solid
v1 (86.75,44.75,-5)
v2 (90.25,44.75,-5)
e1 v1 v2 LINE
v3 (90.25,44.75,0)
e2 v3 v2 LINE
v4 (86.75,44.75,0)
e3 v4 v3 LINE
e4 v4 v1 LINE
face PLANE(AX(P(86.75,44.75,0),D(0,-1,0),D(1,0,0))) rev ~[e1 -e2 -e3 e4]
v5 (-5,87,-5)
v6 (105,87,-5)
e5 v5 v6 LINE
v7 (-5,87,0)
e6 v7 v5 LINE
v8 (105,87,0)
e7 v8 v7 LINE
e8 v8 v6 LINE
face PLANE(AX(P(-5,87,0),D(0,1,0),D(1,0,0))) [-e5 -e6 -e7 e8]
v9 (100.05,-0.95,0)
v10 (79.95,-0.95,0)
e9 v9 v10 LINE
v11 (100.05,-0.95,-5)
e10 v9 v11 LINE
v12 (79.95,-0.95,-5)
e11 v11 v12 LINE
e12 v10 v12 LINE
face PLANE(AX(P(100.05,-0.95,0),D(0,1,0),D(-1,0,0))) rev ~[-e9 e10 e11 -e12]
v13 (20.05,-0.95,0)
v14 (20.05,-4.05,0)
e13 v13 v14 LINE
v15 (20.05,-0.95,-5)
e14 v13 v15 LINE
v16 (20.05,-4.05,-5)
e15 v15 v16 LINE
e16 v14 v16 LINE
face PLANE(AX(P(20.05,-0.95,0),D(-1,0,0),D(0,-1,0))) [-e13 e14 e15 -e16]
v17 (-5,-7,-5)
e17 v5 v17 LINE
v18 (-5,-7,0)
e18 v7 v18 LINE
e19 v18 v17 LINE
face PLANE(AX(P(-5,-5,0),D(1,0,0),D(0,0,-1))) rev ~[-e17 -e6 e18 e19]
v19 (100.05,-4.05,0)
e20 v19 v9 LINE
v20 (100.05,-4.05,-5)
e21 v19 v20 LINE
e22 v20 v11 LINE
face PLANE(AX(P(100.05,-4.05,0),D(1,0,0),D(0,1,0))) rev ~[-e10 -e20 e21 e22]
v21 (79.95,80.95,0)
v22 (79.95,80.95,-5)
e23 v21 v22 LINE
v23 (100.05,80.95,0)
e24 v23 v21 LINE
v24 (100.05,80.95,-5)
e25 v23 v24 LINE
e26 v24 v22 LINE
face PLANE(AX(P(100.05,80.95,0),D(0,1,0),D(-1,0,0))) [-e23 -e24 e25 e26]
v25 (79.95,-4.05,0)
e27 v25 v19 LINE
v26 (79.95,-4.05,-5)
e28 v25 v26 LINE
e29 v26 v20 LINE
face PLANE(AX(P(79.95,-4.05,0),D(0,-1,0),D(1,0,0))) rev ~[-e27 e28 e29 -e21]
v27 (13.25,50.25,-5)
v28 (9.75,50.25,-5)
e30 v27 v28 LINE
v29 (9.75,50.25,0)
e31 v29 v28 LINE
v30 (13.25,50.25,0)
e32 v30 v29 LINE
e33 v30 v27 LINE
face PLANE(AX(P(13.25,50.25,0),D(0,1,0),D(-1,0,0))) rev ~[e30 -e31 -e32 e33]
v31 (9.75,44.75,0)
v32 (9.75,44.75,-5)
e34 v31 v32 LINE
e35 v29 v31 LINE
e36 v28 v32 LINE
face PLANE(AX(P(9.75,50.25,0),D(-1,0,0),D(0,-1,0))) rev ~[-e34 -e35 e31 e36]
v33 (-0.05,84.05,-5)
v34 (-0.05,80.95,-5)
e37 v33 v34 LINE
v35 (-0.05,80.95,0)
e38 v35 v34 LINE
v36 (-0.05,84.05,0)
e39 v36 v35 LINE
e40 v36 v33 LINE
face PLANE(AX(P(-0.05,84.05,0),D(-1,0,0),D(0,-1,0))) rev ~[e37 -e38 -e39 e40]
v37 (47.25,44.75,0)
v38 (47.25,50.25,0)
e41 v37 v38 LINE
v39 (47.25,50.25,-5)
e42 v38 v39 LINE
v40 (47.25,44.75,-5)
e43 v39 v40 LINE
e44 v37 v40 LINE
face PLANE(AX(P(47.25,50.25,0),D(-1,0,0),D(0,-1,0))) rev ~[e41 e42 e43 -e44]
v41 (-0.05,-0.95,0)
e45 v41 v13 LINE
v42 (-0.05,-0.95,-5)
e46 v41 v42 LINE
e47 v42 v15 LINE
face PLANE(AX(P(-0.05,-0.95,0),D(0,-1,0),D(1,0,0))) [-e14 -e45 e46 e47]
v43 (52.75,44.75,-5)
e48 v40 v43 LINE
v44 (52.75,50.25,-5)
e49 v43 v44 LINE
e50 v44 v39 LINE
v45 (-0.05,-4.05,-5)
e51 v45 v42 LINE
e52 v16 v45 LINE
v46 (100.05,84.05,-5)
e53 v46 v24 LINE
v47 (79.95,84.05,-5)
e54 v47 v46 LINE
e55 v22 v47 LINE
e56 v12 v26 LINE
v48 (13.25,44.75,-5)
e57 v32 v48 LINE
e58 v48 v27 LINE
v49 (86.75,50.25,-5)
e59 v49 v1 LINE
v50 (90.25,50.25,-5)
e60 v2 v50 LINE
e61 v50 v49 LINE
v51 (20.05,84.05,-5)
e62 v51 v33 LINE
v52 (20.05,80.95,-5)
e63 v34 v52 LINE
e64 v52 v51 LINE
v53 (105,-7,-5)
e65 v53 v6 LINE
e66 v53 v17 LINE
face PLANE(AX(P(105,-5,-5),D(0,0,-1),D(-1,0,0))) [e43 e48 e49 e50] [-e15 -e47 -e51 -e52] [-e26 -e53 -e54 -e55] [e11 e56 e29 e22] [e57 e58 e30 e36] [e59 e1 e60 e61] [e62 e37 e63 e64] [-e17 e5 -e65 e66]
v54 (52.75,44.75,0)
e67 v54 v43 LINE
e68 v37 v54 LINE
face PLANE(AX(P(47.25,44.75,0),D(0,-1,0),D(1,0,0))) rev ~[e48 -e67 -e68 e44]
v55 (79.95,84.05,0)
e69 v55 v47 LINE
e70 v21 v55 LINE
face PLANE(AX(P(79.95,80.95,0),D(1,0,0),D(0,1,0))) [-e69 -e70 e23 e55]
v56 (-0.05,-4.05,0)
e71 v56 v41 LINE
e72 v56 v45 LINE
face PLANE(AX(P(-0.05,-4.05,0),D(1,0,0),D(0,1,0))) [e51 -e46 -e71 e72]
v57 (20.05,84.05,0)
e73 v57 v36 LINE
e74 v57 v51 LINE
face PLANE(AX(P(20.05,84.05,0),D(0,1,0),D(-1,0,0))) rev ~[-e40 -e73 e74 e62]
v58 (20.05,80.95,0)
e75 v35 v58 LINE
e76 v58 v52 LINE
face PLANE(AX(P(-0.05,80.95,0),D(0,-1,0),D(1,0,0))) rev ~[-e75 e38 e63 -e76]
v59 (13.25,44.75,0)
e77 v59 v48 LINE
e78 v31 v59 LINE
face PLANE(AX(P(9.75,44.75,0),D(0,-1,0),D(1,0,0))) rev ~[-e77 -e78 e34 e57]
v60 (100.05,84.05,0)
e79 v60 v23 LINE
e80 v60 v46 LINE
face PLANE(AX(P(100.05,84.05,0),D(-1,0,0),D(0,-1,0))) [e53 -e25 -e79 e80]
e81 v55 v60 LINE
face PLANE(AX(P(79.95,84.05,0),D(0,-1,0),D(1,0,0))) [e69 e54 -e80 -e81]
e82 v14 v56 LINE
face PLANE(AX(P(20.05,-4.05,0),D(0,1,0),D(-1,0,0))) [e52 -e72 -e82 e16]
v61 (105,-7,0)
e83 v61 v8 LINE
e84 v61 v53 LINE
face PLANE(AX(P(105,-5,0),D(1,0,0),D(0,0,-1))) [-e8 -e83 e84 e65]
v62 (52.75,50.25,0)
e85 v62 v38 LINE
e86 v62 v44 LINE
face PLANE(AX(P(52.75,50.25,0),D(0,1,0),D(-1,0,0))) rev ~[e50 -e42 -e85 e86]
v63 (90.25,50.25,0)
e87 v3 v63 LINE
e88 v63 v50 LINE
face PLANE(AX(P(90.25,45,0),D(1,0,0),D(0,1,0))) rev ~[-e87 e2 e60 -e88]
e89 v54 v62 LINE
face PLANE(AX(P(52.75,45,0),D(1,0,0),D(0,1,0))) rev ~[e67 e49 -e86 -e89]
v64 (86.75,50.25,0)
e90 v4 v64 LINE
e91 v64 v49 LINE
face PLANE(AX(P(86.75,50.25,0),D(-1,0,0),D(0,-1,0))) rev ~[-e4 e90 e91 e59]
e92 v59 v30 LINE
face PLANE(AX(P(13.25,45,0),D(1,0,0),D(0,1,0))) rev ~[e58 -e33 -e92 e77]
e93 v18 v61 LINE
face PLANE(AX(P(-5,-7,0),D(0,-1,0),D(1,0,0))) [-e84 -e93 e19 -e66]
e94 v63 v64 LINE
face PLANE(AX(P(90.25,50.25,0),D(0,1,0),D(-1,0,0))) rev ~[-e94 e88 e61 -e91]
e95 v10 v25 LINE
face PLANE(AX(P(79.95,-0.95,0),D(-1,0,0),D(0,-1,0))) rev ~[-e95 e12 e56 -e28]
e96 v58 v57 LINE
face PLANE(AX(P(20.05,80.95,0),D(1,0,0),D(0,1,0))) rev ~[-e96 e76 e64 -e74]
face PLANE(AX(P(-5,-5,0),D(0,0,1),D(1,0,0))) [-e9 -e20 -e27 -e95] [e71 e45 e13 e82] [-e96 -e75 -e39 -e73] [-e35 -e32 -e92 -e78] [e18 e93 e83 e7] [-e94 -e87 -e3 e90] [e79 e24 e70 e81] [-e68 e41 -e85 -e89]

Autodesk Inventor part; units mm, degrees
ref_plane "YZ Plane" through (0, 0, 0) normal (1, 0, 0) x (0, 1, 0)
ref_plane "XZ Plane" through (0, 0, 0) normal (0, 1, 0) x (-1, 0, 0)
ref_plane "XY Plane" through (0, 0, 0) normal (0, 0, 1) x (1, 0, 0)
sketch "Esquisse1" plane through (0, 0, 0) normal (0, 0, 1) x (1, 0, 0)
  line L0 (0, 0) -> (100, 0)
  line L1 (100, 0) -> (100, 80)
  line L2 (100, 80) -> (0, 80)
  line L3 (0, 80) -> (0, 0)
  dimension "d0" = 100
  dimension "d1" = 80
extrude "Extrusion1" add sketch "Esquisse1" against normal blind 5
sketch "Esquisse7" plane through (0, 0, 0) normal (0, 0, 1) x (1, 0, 0)
  line L0 (0, 0) -> (0, 45)
  line L1 (0, 0) -> (0, 80) projected
  line L2 (0, 45) -> (100, 45)
  line L3 (50, 45) -> (10, 45)
  line L4 (50, 45) -> (90, 45)
  line L5 (10, 45) -> (13, 45)
  line L6 (13, 45) -> (13, 50)
  line L7 (13, 50) -> (10, 50)
  line L8 (10, 50) -> (10, 45)
  line L9 (90, 45) -> (87, 45)
  line L10 (87, 45) -> (87, 50)
  line L11 (87, 50) -> (90, 50)
  line L12 (90, 50) -> (90, 45)
  line L13 (50, 45) -> (52.5, 45)
  line L14 (52.5, 45) -> (52.5, 50)
  line L15 (52.5, 50) -> (47.5, 50)
  line L16 (47.5, 50) -> (47.5, 45)
  line L17 (50, 45) -> (47.5, 45)
  line L18 (86.75, 44.75) -> (90.25, 44.75)
  line L19 (90.25, 44.75) -> (90.25, 50.25)
  line L20 (90.25, 50.25) -> (86.75, 50.25)
  line L21 (86.75, 50.25) -> (86.75, 44.75)
  line L22 (86.75, 44.75) -> (90.25, 50.25) construction
  line L23 (90.25, 44.75) -> (86.75, 50.25) construction
  line L24 (47.25, 44.75) -> (52.75, 44.75)
  line L25 (52.75, 44.75) -> (52.75, 50.25)
  line L26 (52.75, 50.25) -> (47.25, 50.25)
  line L27 (47.25, 50.25) -> (47.25, 44.75)
  line L28 (47.25, 44.75) -> (52.75, 50.25) construction
  line L29 (52.75, 44.75) -> (47.25, 50.25) construction
  line L30 (9.75, 44.75) -> (13.25, 44.75)
  line L31 (13.25, 44.75) -> (13.25, 50.25)
  line L32 (13.25, 50.25) -> (9.75, 50.25)
  line L33 (9.75, 50.25) -> (9.75, 44.75)
  line L34 (9.75, 44.75) -> (13.25, 50.25) construction
  line L35 (13.25, 44.75) -> (9.75, 50.25) construction
  point P0 (87, 45)
  point P1 (13, 45)
  point P2 (52.5, 45)
  point P3 (88.5, 47.5)
  point P4 (50, 47.5)
  point P5 (11.5, 47.5)
  point P6 (90.25, 45)
  point P7 (86.75, 45)
  point P8 (52.75, 45)
  point P9 (47.25, 45)
  point P10 (13.25, 45)
  point P11 (9.75, 45)
  point P12 (87, 45.05)
  point P13 (90, 45.05)
  dimension "d42" = 45
  dimension "d43" = 100
  dimension "d44" = 40
  dimension "d45" = 40
  dimension "d46" = 3
  dimension "d47" = 5
  dimension "d48" = 3
  dimension "d49" = 5
  dimension "d53" = 2.5
  dimension "d54" = 5
  dimension "d55" = 5
  dimension "d56" = 3.5
  dimension "d57" = 5.5
  dimension "d58" = 5.5
  dimension "d59" = 3.5
  dimension "d60" = 5.5
  dimension "d61" = 5.5
extrude "Extrusion2" cut sketch "Esquisse7" against normal through all
sketch "Esquisse8" plane through (0, 0, 0) normal (0, 0, 1) x (1, 0, 0)
  line L0 (0, 0) -> (0, 40)
  line L1 (0, 0) -> (0, 80) projected
  line L2 (0, 40) -> (50, 40)
  line L3 (100, 80) -> (100, 0) projected
  line L4 (-5, -5) -> (105, -5)
  line L5 (105, -5) -> (105, 85)
  line L6 (105, 85) -> (-5, 85)
  line L7 (-5, 85) -> (-5, -5)
  line L8 (-5, -5) -> (105, 85) construction
  line L9 (105, -5) -> (-5, 85) construction
  line L10 (100, 80) -> (0, 80) projected
  line L11 (0, 80) -> (0, 0) projected
  line L12 (0, 0) -> (100, 0) projected
  line L13 (100, 0) -> (100, 80) projected
  dimension "d62" = 40
  dimension "d63" = 50
  dimension "d64" = 110
  dimension "d65" = 90
extrude "Extrusion3" add sketch "Esquisse8" against normal blind 5
sketch "Esquisse9" plane through (0, 0, 0) normal (0, 0, 1) x (1, 0, 0)
  line L0 (0, 0) -> (-0.05, 0)
  line L1 (-0.05, 0) -> (-0.05, -0.95)
  line L2 (-0.05, -0.95) -> (20.05, -0.95)
  line L3 (20.05, -0.95) -> (20.05, -4.05)
  line L4 (20.05, -4.05) -> (-0.05, -4.05)
  line L5 (-0.05, -4.05) -> (-0.05, -0.95)
  line L6 (-5, -5) -> (105, -5) projected
  line L7 (105, -5) -> (50, -5)
  line L8 (50, -5) -> (50, 40.0521)
  line L9 (-5, -5) -> (-5, 85) projected
  line L10 (-5, 85) -> (-5, 40)
  line L11 (-5, 40) -> (20.05, 40)
  line L12 (100.05, -0.95) -> (79.95, -0.95)
  line L13 (79.95, -0.95) -> (79.95, -4.05)
  line L14 (79.95, -4.05) -> (100.05, -4.05)
  line L15 (100.05, -4.05) -> (100.05, -0.95)
  line L16 (-0.05, 80.95) -> (20.05, 80.95)
  line L17 (20.05, 80.95) -> (20.05, 84.05)
  line L18 (20.05, 84.05) -> (-0.05, 84.05)
  line L19 (-0.05, 84.05) -> (-0.05, 80.95)
  line L20 (100.05, 80.95) -> (79.95, 80.95)
  line L21 (79.95, 84.05) -> (100.05, 84.05)
  line L22 (79.95, 80.95) -> (79.95, 84.05)
  line L23 (100.05, 84.05) -> (100.05, 80.95)
  dimension "d68" = 0.05
  dimension "d69" = 0.95
  dimension "d70" = 20.1
  dimension "d71" = 3.1
  dimension "d72" = 55
  dimension "d73" = 45
extrude "Extrusion4" cut sketch "Esquisse9" against normal blind 5
sketch "Esquisse10" plane through (-5, 85, 0) normal (0, 1, 0) x (1, 0, 0)
  line L0 (110, 0) -> (0, 0) projected
  line L1 (110, 0) -> (110, 5) projected
  line L2 (0, 5) -> (110, 5) projected
  line L3 (0, 0) -> (0, 5) projected
  point P0 (5, 0)
extrude "Extrusion5" add sketch "Esquisse10" along normal blind 2
sketch "Esquisse11" plane through (-5, -5, 0) normal (0, -1, 0) x (1, 0, 0)
  line L0 (0, 0) -> (110, 0) projected
  line L1 (0, 0) -> (0, -5) projected
  line L2 (110, -5) -> (0, -5) projected
  line L3 (110, 0) -> (110, -5) projected
  point P0 (5, 0)
extrude "Extrusion6" add sketch "Esquisse11" along normal blind 2
properties part number "chassis arriere"
